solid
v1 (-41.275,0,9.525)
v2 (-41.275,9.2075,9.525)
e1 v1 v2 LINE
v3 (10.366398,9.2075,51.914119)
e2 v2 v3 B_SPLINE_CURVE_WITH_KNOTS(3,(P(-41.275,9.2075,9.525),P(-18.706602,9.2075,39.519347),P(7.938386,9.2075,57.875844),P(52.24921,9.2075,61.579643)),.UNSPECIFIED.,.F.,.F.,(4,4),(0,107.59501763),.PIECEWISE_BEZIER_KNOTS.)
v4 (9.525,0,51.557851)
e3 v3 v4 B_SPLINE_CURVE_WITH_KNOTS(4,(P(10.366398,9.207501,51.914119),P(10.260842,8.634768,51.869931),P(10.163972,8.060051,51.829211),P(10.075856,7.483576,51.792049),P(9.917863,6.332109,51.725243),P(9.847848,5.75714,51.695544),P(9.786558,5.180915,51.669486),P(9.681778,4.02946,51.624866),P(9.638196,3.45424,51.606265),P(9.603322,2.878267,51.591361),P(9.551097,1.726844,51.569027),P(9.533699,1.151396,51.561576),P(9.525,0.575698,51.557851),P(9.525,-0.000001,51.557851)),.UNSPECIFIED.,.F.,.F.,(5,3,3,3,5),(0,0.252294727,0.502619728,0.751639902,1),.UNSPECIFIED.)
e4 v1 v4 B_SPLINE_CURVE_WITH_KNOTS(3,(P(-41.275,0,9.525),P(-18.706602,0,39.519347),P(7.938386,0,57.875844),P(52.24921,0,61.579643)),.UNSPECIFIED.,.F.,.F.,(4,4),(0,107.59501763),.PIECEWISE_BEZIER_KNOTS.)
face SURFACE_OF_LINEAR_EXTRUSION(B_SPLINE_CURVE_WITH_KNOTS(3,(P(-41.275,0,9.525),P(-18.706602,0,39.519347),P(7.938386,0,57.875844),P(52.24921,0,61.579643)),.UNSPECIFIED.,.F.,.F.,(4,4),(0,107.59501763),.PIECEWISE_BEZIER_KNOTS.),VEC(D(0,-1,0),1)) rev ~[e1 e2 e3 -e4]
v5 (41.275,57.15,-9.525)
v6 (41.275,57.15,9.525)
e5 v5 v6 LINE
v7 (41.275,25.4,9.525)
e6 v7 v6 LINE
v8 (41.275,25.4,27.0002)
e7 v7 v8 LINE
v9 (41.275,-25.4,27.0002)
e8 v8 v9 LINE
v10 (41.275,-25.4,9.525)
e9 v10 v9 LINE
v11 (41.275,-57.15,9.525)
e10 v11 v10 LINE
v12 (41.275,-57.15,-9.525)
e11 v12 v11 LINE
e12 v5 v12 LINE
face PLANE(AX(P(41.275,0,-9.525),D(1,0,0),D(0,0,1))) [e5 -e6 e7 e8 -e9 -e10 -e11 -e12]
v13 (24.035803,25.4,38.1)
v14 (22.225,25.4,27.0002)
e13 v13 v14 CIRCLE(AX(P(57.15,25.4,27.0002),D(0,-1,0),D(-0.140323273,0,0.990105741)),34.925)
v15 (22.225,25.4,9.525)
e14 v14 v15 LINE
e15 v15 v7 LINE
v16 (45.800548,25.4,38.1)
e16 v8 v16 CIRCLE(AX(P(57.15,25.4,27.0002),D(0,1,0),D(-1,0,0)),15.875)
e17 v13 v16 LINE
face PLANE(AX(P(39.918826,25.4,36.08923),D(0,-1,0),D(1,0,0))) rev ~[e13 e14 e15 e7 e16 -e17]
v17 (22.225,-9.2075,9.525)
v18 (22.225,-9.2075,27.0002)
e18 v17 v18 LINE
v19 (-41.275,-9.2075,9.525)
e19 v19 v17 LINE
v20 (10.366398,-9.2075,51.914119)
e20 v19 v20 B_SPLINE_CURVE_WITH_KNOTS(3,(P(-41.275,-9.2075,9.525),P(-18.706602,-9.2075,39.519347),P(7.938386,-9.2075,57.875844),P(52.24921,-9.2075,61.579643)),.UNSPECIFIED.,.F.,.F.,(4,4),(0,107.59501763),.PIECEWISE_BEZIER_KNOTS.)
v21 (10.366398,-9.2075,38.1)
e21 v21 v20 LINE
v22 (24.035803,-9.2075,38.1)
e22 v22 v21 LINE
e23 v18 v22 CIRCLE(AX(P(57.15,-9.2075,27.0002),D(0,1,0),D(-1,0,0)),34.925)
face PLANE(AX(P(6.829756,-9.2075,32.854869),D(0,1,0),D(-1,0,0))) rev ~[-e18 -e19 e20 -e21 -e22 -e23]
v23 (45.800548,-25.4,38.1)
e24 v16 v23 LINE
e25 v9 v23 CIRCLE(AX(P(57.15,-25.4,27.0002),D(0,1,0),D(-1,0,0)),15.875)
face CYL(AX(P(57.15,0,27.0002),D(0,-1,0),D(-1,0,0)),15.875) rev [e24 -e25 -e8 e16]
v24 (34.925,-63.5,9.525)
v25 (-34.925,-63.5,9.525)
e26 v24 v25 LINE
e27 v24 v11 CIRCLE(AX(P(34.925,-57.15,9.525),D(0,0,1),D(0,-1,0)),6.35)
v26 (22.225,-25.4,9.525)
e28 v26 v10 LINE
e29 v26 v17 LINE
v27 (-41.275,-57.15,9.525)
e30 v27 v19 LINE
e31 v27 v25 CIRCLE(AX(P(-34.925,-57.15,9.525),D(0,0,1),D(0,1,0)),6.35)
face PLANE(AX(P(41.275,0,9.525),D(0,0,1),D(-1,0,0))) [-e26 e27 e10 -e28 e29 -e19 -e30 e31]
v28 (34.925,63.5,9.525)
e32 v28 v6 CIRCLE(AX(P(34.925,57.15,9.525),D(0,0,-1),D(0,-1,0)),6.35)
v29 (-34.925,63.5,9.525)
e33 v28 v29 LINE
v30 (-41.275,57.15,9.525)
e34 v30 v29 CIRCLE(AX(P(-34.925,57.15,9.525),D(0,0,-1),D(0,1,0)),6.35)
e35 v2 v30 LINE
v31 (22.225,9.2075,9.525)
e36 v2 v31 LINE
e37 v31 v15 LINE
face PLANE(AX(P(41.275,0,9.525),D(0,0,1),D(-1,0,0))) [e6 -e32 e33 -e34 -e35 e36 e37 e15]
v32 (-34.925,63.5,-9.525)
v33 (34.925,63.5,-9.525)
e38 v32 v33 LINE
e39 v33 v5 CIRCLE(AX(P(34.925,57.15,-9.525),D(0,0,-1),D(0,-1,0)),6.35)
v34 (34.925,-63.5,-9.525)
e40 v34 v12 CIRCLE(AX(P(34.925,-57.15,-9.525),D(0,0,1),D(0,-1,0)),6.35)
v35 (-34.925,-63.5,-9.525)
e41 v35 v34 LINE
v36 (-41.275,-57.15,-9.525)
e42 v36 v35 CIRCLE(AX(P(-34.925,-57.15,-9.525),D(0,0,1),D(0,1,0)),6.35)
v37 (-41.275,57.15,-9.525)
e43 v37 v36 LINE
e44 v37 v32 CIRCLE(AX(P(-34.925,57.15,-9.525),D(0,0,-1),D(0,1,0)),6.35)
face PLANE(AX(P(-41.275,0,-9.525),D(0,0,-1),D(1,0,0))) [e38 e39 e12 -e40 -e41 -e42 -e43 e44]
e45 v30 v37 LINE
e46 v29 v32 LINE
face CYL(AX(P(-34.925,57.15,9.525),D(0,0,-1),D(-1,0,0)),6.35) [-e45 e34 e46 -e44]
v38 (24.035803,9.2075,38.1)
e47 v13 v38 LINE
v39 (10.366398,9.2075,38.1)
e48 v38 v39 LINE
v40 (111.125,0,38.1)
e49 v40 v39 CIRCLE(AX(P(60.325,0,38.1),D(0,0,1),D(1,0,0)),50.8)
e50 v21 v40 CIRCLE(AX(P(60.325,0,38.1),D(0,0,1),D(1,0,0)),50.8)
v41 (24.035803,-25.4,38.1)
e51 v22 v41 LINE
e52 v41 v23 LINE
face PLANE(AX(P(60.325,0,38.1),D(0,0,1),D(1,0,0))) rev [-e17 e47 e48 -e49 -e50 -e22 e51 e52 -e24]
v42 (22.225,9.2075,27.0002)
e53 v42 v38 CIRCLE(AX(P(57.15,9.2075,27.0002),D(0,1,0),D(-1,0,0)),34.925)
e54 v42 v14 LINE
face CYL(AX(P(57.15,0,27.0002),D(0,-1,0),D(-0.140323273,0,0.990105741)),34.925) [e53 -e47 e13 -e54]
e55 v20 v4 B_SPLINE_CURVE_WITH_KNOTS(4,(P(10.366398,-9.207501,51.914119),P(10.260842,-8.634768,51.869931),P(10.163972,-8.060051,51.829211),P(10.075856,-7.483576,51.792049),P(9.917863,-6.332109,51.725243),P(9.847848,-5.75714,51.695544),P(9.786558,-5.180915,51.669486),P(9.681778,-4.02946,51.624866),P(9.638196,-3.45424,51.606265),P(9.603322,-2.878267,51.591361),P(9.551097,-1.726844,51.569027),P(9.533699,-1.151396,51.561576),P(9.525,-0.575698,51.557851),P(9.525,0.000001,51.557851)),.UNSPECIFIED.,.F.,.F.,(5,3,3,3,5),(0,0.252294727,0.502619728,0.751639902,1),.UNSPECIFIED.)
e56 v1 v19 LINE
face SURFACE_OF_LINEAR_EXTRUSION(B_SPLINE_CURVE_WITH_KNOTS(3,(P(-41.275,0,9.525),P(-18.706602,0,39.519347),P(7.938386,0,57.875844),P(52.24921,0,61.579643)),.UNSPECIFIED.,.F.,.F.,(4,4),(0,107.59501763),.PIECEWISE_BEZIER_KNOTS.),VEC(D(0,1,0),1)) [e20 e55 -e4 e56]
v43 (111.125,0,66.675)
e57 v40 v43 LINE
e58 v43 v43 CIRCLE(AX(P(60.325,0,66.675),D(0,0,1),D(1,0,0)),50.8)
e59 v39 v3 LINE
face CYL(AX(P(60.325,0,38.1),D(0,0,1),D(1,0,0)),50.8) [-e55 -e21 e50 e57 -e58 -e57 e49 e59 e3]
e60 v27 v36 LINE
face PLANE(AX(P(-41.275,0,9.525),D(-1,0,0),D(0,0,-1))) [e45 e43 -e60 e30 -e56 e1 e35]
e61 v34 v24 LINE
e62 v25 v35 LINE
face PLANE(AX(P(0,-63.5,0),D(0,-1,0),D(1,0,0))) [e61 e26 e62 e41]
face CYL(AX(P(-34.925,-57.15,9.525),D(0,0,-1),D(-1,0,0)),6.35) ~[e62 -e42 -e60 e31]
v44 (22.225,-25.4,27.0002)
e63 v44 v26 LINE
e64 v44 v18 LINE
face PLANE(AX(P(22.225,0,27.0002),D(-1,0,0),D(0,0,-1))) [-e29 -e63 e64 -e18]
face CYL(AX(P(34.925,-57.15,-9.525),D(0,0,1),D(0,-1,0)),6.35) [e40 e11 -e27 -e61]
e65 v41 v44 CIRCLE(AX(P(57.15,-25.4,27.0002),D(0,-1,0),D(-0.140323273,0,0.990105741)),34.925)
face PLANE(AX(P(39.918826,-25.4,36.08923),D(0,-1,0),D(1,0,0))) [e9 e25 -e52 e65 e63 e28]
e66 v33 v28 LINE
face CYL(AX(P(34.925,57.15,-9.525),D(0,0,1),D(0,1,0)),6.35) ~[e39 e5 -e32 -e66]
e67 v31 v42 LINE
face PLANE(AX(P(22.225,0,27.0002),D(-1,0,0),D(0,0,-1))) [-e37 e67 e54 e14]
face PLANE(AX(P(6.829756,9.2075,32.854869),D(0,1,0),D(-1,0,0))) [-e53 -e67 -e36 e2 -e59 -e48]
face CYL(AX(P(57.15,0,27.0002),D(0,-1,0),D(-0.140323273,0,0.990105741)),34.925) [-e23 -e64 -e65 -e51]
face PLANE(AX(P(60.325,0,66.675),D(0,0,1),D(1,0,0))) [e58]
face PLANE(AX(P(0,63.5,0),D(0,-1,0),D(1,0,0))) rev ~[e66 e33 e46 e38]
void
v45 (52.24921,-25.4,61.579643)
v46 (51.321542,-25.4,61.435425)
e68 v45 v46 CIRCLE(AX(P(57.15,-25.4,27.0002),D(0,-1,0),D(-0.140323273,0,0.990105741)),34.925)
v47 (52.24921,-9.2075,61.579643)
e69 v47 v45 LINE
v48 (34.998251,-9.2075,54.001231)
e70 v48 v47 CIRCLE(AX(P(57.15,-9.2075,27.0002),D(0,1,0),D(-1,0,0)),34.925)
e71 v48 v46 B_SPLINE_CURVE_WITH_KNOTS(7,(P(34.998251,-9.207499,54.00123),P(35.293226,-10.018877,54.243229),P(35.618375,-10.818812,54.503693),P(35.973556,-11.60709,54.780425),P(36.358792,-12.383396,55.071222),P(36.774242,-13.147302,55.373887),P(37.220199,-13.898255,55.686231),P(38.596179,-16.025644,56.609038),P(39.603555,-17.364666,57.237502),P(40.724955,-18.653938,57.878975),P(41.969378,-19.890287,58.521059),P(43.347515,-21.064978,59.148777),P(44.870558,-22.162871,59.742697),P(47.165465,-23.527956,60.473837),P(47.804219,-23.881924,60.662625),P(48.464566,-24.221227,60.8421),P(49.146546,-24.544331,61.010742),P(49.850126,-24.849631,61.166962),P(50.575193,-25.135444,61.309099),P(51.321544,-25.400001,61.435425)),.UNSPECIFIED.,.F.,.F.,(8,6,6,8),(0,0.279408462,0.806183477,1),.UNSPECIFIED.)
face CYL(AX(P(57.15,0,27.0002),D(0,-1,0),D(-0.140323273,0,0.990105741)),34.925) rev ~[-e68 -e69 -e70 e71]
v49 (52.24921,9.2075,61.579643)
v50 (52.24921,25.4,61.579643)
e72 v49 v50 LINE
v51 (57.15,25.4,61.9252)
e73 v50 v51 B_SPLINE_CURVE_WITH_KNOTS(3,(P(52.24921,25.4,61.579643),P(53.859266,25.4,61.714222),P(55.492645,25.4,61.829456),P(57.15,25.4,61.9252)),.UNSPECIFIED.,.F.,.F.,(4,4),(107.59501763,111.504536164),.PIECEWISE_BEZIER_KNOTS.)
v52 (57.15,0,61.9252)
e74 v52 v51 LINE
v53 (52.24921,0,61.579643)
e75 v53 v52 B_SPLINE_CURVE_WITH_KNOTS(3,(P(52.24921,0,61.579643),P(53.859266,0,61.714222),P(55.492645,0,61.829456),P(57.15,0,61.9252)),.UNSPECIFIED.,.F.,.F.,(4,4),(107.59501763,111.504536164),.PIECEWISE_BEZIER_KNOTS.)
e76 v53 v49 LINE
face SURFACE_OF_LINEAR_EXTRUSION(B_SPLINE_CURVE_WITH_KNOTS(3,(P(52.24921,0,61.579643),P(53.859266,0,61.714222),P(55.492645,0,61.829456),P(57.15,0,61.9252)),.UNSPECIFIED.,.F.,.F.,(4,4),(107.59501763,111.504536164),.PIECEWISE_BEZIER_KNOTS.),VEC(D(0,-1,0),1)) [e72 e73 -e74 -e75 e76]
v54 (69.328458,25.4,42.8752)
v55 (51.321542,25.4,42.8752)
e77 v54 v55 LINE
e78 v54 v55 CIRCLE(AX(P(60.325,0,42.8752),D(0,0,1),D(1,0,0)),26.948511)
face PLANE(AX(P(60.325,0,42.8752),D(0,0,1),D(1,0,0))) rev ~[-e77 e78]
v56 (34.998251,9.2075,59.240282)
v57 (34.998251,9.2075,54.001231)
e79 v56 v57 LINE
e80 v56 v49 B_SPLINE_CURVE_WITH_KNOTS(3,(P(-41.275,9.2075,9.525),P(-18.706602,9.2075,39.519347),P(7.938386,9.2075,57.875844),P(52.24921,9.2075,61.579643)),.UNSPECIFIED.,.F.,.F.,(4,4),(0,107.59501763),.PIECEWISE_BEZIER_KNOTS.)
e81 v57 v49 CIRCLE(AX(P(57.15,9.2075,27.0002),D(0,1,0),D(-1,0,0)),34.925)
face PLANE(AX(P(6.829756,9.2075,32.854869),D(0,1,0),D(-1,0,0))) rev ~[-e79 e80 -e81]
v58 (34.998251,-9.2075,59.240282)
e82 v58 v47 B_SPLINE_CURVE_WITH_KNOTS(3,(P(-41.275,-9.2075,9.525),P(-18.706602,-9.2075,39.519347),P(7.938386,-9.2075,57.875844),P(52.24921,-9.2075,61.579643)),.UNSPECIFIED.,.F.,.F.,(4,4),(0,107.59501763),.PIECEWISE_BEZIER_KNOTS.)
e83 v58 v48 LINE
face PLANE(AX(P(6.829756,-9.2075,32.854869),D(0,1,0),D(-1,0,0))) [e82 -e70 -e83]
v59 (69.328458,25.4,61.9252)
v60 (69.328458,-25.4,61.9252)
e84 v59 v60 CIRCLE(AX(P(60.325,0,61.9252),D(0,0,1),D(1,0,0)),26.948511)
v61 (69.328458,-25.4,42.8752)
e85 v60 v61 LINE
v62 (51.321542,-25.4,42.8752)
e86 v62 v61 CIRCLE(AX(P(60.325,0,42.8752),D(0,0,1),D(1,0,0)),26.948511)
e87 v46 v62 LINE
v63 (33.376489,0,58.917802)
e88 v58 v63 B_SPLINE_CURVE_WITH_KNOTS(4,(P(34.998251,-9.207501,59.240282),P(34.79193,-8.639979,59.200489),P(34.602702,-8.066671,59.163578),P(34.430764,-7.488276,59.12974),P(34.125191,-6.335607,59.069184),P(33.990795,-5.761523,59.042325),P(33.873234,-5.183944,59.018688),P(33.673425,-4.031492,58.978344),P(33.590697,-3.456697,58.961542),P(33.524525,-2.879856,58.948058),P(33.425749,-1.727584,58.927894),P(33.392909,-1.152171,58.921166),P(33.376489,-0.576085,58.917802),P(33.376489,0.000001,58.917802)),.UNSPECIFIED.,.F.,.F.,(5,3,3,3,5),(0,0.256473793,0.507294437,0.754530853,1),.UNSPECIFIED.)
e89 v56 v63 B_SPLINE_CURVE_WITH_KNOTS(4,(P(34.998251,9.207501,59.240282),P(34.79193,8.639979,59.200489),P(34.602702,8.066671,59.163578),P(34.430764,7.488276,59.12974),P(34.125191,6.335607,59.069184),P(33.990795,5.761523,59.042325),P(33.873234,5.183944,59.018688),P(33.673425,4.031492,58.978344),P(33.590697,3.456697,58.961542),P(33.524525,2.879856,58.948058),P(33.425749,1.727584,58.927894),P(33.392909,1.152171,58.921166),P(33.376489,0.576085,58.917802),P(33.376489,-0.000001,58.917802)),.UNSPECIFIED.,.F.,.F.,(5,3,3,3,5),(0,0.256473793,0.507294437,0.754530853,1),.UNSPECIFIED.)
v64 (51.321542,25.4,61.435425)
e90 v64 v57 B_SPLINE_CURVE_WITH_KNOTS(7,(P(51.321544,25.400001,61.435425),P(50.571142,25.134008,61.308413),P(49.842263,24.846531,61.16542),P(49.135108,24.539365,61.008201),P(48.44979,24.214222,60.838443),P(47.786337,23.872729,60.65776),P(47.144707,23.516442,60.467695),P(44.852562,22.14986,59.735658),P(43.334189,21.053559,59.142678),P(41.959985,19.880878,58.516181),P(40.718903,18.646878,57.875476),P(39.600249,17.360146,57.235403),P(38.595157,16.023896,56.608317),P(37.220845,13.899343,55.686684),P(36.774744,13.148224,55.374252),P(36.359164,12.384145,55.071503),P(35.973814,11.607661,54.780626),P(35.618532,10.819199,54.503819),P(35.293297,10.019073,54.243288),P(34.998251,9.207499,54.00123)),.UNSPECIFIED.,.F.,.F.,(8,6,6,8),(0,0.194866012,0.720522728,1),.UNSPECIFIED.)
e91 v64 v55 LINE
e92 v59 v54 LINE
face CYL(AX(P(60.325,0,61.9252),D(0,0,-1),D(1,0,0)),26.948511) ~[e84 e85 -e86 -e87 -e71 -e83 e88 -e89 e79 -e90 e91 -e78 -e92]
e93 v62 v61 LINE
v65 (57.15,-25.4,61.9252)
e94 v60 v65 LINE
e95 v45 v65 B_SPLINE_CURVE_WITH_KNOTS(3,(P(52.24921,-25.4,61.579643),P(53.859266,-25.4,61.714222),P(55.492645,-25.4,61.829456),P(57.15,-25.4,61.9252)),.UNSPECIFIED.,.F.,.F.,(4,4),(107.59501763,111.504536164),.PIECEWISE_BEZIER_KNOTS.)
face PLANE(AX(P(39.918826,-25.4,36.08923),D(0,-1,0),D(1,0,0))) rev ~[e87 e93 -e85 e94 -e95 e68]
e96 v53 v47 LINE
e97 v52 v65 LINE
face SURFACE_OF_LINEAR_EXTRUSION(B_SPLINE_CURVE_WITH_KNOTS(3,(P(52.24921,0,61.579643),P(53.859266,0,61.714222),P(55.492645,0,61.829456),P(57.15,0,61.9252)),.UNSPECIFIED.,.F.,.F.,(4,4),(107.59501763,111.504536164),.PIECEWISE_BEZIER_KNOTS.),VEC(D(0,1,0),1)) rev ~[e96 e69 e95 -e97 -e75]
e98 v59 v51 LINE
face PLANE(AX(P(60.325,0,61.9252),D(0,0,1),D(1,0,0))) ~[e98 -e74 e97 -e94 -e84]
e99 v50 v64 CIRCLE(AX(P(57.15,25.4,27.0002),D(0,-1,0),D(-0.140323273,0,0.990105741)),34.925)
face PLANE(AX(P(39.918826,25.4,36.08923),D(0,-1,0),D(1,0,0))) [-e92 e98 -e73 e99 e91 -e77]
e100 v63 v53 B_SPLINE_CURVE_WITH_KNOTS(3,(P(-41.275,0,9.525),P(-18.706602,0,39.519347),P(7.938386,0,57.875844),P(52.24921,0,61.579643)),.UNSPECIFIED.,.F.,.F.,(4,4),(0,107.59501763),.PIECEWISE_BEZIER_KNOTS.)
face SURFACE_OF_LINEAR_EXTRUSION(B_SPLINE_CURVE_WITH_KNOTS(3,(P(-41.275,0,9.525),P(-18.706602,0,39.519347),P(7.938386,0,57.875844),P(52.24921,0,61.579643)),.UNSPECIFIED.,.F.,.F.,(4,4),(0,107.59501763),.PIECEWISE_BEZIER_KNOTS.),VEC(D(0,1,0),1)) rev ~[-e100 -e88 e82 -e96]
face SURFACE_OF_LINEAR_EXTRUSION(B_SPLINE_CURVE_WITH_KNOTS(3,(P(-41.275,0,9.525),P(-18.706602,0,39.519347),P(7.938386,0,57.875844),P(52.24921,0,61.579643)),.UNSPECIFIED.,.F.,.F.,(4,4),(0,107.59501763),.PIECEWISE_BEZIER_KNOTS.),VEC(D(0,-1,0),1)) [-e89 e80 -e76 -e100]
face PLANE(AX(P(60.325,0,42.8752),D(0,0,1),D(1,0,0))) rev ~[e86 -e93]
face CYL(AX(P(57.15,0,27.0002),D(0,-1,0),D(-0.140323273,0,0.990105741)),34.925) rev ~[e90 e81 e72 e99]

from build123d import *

# Parameters (mm, degrees)
F1_DEPTH = 63.5
F0_W     = 26.9485112596
F0_H     = 19.05
F2_DEPTH = 25.4
F3_DEPTH = 9.2075
F4_R     = 6.35


with BuildPart() as f1:
    # F0 (on Front) → F1 (new body, symmetric)
    with BuildSketch(Plane.XZ):
        Polygon((-41.275, 9.525), (-41.275, -9.525), (41.275, -9.525), (41.275, 9.525), (22.225, 9.525), align=None)
    extrude(amount=F1_DEPTH, both=True)

    # F0 (on Front) → F2 (join, symmetric)
    with BuildSketch(Plane.XZ):
        with BuildLine():
            Line((22.225, 9.525), (41.275, 9.525))
            Line((41.275, 9.525), (41.275, 27.0002))
            ThreePointArc((41.275, 27.0002), (45.9246798487, 38.2255201513), (57.15, 42.8752))
            Line((57.15, 42.8752), (60.325, 42.8752))
            Line((60.325, 42.8752), (60.325, 61.9252))
            Line((60.325, 61.9252), (57.15, 61.9252))
            add(Edge.make_bspline(
                [(52.2492096808, 61.5796430153), (53.8592655061, 61.7142223816), (55.4926449754, 61.8294562532), (57.15, 61.9252)],
                knots=[107.5950176297, 107.5950176297, 107.5950176297, 107.5950176297, 111.5045361635, 111.5045361635, 111.5045361635, 111.5045361635], degree=3))
            ThreePointArc((52.2492096808, 61.5796430153), (30.7784649015, 49.8977492477), (22.225, 27.0002))
            Line((22.225, 27.0002), (22.225, 9.525))
        make_face()
        with Locations((73.7992556298, 52.4002)):
            Rectangle(F0_W, F0_H)
    extrude(amount=F2_DEPTH, both=True)

    # F0 (on Front) → F3 (join, symmetric)
    with BuildSketch(Plane.XZ):
        with BuildLine():
            add(Edge.make_bspline(
                [(-41.275, 9.525), (-18.7066018439, 39.5193474562), (7.9383863878, 57.8758444109), (52.2492096808, 61.5796430153)],
                knots=[0, 0, 0, 0, 107.5950176297, 107.5950176297, 107.5950176297, 107.5950176297], degree=3))
            Line((-41.275, 9.525), (22.225, 9.525))
            Line((22.225, 9.525), (22.225, 27.0002))
            ThreePointArc((22.225, 27.0002), (30.7784649015, 49.8977492477), (52.2492096808, 61.5796430153))
        make_face()
    extrude(amount=F3_DEPTH, both=True)

    # F4
    f4_edges = [f1.edges().sort_by_distance(p)[0] for p in [
        (-41.275, -63.5, 0),
        (41.275, -63.5, 0),
        (41.275, 63.5, 0),
        (-41.275, 63.5, 0),
    ]]
    fillet(f4_edges, radius=F4_R)

    # F0 (on Front) → F5 (revolve)
    with BuildSketch(Plane.XZ):
        Polygon((60.325, 66.675), (60.325, 61.9252), (87.2735112596, 61.9252), (87.2735112596, 42.8752), (60.325, 42.8752), (60.325, 38.1), (111.125, 38.1), (111.125, 66.675), align=None)
    revolve(axis=Axis((60.325, 0, 52.3875), (0, 0, 1)))


solid = f1.part
